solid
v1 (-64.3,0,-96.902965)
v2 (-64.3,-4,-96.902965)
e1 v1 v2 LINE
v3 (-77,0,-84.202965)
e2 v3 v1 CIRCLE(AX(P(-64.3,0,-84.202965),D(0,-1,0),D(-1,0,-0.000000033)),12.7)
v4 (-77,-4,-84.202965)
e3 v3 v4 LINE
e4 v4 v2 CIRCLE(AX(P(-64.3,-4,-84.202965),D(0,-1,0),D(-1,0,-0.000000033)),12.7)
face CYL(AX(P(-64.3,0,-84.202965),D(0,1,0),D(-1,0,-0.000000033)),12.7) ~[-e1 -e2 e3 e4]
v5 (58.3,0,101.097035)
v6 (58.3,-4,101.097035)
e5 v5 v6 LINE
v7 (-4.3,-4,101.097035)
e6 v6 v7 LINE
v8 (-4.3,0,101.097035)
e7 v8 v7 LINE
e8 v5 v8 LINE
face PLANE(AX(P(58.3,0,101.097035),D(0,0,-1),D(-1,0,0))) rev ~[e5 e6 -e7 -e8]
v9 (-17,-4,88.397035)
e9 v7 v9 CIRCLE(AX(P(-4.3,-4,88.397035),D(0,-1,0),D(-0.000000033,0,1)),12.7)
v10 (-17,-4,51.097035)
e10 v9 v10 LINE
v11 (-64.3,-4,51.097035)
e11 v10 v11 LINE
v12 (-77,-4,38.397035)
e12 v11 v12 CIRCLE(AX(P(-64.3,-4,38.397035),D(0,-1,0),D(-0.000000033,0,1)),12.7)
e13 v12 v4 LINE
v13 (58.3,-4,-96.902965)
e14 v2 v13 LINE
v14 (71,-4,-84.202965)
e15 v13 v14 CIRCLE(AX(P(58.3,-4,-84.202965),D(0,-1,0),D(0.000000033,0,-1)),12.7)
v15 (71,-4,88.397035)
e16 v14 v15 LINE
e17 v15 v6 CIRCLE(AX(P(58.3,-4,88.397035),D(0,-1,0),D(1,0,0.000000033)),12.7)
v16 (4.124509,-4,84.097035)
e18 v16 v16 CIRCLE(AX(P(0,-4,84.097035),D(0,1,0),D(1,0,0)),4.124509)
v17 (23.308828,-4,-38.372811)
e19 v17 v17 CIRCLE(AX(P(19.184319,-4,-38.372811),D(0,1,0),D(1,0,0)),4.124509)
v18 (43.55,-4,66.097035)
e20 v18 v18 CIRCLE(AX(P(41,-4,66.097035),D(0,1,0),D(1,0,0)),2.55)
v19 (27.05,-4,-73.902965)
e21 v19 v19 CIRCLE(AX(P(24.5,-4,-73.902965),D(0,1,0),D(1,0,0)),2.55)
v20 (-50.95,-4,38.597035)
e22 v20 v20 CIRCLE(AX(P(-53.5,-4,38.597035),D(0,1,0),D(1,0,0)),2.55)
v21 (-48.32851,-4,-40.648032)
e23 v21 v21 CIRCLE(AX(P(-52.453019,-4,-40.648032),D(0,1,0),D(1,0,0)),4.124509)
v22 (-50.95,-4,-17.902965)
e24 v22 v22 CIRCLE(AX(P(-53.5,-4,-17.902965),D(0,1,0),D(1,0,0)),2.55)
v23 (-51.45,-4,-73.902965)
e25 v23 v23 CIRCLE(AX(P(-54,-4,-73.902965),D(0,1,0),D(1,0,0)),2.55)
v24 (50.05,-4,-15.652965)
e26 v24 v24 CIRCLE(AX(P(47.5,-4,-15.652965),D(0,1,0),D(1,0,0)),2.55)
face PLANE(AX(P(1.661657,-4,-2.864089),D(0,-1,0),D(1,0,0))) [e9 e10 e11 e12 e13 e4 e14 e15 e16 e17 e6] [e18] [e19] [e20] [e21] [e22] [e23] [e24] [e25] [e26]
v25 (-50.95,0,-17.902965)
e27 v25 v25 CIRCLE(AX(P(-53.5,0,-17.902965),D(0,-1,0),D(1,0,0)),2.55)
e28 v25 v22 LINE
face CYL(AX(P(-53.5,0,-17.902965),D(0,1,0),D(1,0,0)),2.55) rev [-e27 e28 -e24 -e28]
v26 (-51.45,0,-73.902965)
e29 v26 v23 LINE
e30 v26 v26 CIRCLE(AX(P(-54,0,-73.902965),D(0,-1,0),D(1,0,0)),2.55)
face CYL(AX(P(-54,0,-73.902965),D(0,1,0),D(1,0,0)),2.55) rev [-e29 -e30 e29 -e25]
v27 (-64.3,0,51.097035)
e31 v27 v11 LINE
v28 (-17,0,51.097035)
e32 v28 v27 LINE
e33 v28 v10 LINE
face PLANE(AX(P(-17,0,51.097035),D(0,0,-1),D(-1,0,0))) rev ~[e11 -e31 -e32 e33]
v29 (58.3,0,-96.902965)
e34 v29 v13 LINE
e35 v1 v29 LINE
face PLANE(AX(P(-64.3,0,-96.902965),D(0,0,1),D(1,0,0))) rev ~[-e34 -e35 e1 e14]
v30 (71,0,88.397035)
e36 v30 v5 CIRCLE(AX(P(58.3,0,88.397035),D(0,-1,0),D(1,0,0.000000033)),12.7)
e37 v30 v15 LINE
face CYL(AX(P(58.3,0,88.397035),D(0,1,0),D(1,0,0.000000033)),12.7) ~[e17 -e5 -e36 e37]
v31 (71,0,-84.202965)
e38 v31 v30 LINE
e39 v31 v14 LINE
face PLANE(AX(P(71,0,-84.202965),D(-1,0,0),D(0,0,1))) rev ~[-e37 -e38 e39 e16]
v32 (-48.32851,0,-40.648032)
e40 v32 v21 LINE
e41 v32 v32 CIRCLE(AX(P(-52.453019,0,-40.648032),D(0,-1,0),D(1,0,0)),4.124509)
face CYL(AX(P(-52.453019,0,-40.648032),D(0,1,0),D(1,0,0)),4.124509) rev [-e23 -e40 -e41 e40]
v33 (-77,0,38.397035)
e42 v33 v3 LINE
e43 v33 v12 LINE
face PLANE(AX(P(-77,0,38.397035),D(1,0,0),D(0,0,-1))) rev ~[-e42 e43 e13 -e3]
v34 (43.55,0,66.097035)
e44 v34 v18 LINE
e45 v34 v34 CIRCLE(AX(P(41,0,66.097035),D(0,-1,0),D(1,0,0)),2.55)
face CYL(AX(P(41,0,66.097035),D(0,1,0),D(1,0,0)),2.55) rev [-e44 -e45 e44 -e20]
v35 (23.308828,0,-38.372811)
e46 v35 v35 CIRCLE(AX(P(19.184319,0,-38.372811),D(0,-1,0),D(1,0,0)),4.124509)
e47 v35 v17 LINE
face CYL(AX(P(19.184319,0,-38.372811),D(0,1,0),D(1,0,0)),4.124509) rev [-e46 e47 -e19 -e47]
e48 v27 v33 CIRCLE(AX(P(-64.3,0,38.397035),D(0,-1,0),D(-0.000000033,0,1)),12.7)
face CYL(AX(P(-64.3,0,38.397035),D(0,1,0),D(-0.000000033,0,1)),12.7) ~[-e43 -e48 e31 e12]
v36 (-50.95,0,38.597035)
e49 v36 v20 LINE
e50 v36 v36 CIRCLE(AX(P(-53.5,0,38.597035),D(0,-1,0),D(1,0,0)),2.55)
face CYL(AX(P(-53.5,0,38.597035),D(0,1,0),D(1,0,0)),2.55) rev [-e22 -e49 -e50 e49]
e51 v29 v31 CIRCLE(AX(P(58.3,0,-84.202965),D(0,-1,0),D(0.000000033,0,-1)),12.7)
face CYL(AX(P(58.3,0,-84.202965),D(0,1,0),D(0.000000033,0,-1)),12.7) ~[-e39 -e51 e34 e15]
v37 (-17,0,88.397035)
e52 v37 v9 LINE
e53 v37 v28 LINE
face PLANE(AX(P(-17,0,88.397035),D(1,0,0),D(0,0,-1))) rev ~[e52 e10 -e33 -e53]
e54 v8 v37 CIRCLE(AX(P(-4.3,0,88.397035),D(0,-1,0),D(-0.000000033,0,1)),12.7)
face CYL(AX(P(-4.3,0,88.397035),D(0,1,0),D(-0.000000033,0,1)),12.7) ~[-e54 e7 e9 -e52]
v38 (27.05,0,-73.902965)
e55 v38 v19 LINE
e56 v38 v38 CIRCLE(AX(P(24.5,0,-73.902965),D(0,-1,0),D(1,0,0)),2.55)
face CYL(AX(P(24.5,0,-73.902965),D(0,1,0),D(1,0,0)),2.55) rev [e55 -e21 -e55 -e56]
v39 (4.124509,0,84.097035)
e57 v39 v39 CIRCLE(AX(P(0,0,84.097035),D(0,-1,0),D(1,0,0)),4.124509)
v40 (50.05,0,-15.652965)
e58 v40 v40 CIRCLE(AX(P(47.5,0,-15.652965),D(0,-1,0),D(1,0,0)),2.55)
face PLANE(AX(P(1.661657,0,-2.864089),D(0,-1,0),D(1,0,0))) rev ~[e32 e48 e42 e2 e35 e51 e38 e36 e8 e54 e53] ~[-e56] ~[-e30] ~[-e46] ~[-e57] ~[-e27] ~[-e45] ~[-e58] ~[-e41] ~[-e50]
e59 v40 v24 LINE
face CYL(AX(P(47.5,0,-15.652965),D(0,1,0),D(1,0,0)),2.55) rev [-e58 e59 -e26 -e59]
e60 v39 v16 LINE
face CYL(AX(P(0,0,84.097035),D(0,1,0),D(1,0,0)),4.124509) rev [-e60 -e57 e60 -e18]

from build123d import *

# Parameters (mm, degrees)
F5_DEPTH = 4
F0_R     = 4.124509
F6_DEPTH = 32.004
F4_R     = 2.55
F7_DEPTH = 18.542
F2_R     = 2.55
F8_DEPTH = 16.764
F3_R     = 2.55
F9_DEPTH = 10.668


with BuildPart() as f5:
    # F1 (on Front) → F5 (new body)
    with BuildSketch(Plane.XZ):
        with BuildLine():
            ThreePointArc((-4.3, 101.097035), (-13.280256, 97.377291), (-17, 88.397035))
            Line((-17, 88.397035), (-17, 51.097035))
            Line((-17, 51.097035), (-64.3, 51.097035))
            ThreePointArc((-64.3, 51.097035), (-73.280256, 47.377291), (-77, 38.397035))
            Line((-77, 38.397035), (-77, -84.202965))
            ThreePointArc((-77, -84.202965), (-73.280256, -93.183221), (-64.3, -96.902965))
            Line((-64.3, -96.902965), (58.3, -96.902965))
            ThreePointArc((58.3, -96.902965), (67.280256, -93.183221), (71, -84.202965))
            Line((71, -84.202965), (71, 88.397035))
            ThreePointArc((71, 88.397035), (67.280256, 97.377291), (58.3, 101.097035))
            Line((58.3, 101.097035), (-4.3, 101.097035))
        make_face()
    extrude(amount=F5_DEPTH)

    # F0 (on Front) → F6 (cut)
    with BuildSketch(Plane.XZ):
        with Locations((-52.453019, -40.648032)):
            Circle(F0_R)
        with Locations((19.184319, -38.372811)):
            Circle(F0_R)
        with Locations((0, 84.097035)):
            Circle(F0_R)
    extrude(amount=F6_DEPTH, mode=Mode.SUBTRACT)

    # F4 (on Front) → F7 (cut)
    with BuildSketch(Plane.XZ):
        with Locations((-54, -73.902965)):
            Circle(F4_R)
        with Locations((24.5, -73.902965)):
            Circle(F4_R)
    extrude(amount=F7_DEPTH, mode=Mode.SUBTRACT)

    # F2 (on Front) → F8 (cut)
    with BuildSketch(Plane.XZ):
        with Locations((-53.5, 38.597035)):
            Circle(F2_R)
        with Locations((-53.5, -17.902965)):
            Circle(F2_R)
    extrude(amount=F8_DEPTH, mode=Mode.SUBTRACT)

    # F3 (on Front) → F9 (cut)
    with BuildSketch(Plane.XZ):
        with Locations((41, 66.097035)):
            Circle(F3_R)
        with Locations((47.5, -15.652965)):
            Circle(F3_R)
    extrude(amount=F9_DEPTH, mode=Mode.SUBTRACT)


solid = f5.part
